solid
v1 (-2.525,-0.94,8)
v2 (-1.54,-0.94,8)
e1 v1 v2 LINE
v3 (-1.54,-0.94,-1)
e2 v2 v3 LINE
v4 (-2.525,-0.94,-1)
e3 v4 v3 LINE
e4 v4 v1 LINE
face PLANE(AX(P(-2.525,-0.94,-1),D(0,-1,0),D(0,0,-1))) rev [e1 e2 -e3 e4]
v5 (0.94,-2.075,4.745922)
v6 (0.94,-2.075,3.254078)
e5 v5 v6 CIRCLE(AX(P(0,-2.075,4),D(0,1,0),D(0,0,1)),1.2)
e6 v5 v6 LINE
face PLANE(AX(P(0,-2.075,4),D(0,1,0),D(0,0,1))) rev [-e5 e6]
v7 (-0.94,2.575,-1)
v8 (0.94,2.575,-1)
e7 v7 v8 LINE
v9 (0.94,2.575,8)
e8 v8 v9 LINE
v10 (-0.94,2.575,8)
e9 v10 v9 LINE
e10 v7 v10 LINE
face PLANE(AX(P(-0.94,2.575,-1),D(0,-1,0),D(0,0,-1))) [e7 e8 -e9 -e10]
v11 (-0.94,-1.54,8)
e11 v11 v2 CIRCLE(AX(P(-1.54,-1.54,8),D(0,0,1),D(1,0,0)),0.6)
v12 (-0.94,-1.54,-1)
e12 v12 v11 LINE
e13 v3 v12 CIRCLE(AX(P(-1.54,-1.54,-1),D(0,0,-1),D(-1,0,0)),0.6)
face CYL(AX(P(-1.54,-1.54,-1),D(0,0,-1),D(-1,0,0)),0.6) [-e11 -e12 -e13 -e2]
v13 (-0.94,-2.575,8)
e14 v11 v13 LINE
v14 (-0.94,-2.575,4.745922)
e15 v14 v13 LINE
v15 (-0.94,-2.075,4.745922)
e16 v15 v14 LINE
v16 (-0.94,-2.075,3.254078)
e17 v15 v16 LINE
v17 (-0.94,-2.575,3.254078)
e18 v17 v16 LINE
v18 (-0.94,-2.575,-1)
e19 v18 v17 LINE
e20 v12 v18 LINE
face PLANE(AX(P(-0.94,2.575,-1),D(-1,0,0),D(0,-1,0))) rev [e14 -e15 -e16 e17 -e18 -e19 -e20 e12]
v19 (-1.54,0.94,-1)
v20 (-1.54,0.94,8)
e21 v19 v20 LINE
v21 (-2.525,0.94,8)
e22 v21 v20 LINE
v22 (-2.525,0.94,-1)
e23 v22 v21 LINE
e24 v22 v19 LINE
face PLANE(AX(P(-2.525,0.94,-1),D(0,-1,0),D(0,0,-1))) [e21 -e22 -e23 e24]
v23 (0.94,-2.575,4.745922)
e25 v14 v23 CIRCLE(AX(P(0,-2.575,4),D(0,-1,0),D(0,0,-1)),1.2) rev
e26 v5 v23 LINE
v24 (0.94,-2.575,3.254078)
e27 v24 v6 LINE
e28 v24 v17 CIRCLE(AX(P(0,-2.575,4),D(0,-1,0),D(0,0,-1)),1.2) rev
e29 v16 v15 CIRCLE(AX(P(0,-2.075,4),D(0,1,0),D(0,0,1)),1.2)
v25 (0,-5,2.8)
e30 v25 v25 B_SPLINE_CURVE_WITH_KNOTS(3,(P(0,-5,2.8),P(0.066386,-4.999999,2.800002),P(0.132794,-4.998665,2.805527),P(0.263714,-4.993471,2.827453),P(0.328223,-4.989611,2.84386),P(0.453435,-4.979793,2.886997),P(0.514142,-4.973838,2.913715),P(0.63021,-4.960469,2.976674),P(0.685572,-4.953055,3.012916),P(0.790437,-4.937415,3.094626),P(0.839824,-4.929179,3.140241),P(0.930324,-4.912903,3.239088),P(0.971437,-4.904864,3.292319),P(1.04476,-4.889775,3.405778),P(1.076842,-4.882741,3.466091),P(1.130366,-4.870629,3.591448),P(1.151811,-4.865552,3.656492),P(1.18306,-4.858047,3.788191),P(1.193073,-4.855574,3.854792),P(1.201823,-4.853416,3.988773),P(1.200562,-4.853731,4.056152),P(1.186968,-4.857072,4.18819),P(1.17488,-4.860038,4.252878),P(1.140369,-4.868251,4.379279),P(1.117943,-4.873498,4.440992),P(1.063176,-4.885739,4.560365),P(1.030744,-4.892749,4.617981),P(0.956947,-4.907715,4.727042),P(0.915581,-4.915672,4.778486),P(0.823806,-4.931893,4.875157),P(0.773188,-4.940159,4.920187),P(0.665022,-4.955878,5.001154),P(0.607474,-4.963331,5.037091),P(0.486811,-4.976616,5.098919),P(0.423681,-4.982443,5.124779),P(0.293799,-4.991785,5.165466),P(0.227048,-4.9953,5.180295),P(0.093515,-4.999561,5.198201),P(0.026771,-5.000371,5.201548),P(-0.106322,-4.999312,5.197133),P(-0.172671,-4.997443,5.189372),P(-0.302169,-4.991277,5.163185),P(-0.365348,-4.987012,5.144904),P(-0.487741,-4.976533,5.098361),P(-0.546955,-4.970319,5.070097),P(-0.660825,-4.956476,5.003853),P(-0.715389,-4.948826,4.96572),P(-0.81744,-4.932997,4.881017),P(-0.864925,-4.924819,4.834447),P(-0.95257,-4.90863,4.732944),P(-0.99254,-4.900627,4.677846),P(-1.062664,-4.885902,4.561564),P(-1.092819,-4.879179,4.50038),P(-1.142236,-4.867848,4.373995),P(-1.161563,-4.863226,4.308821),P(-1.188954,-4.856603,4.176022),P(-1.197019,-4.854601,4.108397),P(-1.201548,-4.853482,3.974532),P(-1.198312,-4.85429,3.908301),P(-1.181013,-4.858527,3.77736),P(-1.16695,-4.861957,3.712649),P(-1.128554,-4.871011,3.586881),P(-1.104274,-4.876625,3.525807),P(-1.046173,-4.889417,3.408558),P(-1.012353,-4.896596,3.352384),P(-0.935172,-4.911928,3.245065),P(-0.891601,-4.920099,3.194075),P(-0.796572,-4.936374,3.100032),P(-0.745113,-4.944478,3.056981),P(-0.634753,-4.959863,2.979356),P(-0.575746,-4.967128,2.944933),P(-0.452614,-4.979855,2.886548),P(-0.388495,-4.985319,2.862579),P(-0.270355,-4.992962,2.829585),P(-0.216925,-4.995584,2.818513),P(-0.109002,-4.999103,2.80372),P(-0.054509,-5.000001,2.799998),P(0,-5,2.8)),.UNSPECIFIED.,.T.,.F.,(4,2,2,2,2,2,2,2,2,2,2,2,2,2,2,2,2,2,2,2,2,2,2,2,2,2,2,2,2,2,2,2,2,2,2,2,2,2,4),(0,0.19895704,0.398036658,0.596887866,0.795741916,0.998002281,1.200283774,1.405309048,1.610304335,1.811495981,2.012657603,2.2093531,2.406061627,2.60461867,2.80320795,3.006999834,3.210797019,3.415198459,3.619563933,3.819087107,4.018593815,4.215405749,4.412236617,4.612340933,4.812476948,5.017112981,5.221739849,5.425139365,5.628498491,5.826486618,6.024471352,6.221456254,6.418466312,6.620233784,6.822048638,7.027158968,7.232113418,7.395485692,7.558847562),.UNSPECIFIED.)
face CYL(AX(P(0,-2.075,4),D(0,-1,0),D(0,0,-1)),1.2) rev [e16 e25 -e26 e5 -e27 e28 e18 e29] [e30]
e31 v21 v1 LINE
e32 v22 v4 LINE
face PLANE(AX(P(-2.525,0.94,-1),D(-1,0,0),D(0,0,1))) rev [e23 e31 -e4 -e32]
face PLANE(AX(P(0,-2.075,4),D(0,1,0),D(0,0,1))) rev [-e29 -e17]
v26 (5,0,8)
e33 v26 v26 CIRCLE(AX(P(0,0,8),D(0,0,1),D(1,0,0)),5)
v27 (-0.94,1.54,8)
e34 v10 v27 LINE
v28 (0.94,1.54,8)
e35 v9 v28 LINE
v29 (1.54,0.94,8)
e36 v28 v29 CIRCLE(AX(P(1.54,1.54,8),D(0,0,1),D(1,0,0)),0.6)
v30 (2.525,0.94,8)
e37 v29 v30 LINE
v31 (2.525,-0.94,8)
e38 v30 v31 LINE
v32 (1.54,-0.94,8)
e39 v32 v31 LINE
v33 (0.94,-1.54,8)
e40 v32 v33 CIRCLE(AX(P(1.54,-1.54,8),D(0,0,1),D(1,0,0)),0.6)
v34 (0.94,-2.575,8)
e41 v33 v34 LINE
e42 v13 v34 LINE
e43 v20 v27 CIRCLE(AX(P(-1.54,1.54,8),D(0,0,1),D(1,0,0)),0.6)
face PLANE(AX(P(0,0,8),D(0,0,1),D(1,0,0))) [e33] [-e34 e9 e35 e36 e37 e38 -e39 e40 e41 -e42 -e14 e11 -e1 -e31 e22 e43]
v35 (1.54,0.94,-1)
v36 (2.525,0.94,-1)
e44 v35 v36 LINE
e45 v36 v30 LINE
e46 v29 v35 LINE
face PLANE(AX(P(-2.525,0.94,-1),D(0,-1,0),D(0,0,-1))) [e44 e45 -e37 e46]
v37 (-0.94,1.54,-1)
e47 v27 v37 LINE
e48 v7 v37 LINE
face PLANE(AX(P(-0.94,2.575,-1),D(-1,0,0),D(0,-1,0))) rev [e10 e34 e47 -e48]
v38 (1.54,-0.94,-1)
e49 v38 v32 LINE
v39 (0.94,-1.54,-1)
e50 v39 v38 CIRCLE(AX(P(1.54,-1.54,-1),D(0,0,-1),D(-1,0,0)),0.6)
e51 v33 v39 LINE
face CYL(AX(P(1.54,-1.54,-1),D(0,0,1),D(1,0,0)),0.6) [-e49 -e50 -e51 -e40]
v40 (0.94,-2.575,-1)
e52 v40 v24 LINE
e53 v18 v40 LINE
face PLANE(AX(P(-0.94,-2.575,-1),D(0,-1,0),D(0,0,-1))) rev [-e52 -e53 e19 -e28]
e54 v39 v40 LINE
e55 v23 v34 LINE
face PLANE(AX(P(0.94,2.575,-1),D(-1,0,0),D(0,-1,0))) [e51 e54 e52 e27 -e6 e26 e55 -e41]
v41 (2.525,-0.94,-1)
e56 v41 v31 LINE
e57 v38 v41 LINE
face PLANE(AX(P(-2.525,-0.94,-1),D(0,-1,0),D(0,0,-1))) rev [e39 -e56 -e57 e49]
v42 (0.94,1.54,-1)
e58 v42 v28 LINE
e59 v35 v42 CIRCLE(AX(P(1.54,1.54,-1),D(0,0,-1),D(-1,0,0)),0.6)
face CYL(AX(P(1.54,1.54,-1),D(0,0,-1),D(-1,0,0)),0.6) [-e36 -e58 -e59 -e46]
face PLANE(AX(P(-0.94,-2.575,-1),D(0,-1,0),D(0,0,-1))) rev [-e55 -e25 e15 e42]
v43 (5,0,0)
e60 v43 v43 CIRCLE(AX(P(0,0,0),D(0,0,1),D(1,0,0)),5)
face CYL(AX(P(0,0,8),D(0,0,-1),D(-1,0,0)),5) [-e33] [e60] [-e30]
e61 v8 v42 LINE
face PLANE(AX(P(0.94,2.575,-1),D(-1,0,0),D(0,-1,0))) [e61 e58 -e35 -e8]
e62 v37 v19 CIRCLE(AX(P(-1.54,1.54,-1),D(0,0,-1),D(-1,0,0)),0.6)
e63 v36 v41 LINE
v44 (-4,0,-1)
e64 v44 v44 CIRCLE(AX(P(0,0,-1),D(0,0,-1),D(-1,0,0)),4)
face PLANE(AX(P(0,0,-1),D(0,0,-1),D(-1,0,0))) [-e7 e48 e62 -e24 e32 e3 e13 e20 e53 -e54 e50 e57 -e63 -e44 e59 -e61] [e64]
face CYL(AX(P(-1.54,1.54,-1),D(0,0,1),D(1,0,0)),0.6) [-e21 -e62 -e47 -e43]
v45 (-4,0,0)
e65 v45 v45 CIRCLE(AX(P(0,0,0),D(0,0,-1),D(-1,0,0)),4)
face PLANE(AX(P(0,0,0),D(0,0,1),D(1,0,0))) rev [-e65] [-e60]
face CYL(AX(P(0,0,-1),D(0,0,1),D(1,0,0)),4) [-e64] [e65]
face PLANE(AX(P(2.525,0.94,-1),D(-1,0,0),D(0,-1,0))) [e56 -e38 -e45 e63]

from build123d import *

# Parameters (mm, degrees)
SKETCH_1_R               = 5
EXTRUDE_1_DEPTH          = 8
SKETCH_4_R               = 4
EXTRUDE_2_DEPTH          = 1
SKETCH_2_W               = 5.05
SKETCH_2_H               = 1.88
SKETCH_2_W_2             = 1.88
SKETCH_2_H_2             = 5.15
CUT_EXTRUDE_1_DEPTH      = 12.445523142
FILLET_1_R               = 0.6
CUT_EXTRUDE_2_DEPTH      = 0.5
CUT_EXTRUDE_2_DEPTH_BACK = 13.098786096
SKETCH_3_R               = 1.2


with BuildPart() as part:
    # ｽｹｯﾁ1 → ﾎﾞｽ - 押し出し1 (new body)
    with BuildSketch(Plane.XY):
        Circle(SKETCH_1_R)
    extrude(amount=EXTRUDE_1_DEPTH)

    # ｽｹｯﾁ4 → ﾎﾞｽ - 押し出し2 (add)
    with BuildSketch(Plane(origin=(0, 0, 0), x_dir=(-1, 0, 0), z_dir=(0, 0, -1))):
        Circle(SKETCH_4_R)
    extrude(amount=EXTRUDE_2_DEPTH)

    # ｽｹｯﾁ2 → ｶｯﾄ - 押し出し1 (cut, through all)
    with BuildSketch(Plane.XY.offset(8)):
        Rectangle(SKETCH_2_W, SKETCH_2_H)
        Rectangle(SKETCH_2_W_2, SKETCH_2_H_2)
    extrude(amount=-CUT_EXTRUDE_1_DEPTH, mode=Mode.SUBTRACT)

    # ﾌｨﾚｯﾄ1
    fillet_1_edges = [part.edges().sort_by_distance(p)[0] for p in [
        (-0.94, 0.94, 3.5),
        (0.94, -0.94, 3.5),
        (-0.94, -0.94, 3.5),
        (0.94, 0.94, 3.5),
    ]]
    fillet(fillet_1_edges, radius=FILLET_1_R)

    # ｽｹｯﾁ3 → ｶｯﾄ - 押し出し2 (cut, two sides: drawn at the far end of the back side and taken through both)
    with BuildSketch(Plane(origin=(0, -2.575, 0), x_dir=(1, 0, 0), z_dir=(0, 1, 0)).offset(-CUT_EXTRUDE_2_DEPTH_BACK)):
        with Locations(Location((0, -4, 0), (0, 0, 90))):
            Circle(SKETCH_3_R)
    extrude(amount=CUT_EXTRUDE_2_DEPTH + CUT_EXTRUDE_2_DEPTH_BACK, mode=Mode.SUBTRACT)


solid = part.part
